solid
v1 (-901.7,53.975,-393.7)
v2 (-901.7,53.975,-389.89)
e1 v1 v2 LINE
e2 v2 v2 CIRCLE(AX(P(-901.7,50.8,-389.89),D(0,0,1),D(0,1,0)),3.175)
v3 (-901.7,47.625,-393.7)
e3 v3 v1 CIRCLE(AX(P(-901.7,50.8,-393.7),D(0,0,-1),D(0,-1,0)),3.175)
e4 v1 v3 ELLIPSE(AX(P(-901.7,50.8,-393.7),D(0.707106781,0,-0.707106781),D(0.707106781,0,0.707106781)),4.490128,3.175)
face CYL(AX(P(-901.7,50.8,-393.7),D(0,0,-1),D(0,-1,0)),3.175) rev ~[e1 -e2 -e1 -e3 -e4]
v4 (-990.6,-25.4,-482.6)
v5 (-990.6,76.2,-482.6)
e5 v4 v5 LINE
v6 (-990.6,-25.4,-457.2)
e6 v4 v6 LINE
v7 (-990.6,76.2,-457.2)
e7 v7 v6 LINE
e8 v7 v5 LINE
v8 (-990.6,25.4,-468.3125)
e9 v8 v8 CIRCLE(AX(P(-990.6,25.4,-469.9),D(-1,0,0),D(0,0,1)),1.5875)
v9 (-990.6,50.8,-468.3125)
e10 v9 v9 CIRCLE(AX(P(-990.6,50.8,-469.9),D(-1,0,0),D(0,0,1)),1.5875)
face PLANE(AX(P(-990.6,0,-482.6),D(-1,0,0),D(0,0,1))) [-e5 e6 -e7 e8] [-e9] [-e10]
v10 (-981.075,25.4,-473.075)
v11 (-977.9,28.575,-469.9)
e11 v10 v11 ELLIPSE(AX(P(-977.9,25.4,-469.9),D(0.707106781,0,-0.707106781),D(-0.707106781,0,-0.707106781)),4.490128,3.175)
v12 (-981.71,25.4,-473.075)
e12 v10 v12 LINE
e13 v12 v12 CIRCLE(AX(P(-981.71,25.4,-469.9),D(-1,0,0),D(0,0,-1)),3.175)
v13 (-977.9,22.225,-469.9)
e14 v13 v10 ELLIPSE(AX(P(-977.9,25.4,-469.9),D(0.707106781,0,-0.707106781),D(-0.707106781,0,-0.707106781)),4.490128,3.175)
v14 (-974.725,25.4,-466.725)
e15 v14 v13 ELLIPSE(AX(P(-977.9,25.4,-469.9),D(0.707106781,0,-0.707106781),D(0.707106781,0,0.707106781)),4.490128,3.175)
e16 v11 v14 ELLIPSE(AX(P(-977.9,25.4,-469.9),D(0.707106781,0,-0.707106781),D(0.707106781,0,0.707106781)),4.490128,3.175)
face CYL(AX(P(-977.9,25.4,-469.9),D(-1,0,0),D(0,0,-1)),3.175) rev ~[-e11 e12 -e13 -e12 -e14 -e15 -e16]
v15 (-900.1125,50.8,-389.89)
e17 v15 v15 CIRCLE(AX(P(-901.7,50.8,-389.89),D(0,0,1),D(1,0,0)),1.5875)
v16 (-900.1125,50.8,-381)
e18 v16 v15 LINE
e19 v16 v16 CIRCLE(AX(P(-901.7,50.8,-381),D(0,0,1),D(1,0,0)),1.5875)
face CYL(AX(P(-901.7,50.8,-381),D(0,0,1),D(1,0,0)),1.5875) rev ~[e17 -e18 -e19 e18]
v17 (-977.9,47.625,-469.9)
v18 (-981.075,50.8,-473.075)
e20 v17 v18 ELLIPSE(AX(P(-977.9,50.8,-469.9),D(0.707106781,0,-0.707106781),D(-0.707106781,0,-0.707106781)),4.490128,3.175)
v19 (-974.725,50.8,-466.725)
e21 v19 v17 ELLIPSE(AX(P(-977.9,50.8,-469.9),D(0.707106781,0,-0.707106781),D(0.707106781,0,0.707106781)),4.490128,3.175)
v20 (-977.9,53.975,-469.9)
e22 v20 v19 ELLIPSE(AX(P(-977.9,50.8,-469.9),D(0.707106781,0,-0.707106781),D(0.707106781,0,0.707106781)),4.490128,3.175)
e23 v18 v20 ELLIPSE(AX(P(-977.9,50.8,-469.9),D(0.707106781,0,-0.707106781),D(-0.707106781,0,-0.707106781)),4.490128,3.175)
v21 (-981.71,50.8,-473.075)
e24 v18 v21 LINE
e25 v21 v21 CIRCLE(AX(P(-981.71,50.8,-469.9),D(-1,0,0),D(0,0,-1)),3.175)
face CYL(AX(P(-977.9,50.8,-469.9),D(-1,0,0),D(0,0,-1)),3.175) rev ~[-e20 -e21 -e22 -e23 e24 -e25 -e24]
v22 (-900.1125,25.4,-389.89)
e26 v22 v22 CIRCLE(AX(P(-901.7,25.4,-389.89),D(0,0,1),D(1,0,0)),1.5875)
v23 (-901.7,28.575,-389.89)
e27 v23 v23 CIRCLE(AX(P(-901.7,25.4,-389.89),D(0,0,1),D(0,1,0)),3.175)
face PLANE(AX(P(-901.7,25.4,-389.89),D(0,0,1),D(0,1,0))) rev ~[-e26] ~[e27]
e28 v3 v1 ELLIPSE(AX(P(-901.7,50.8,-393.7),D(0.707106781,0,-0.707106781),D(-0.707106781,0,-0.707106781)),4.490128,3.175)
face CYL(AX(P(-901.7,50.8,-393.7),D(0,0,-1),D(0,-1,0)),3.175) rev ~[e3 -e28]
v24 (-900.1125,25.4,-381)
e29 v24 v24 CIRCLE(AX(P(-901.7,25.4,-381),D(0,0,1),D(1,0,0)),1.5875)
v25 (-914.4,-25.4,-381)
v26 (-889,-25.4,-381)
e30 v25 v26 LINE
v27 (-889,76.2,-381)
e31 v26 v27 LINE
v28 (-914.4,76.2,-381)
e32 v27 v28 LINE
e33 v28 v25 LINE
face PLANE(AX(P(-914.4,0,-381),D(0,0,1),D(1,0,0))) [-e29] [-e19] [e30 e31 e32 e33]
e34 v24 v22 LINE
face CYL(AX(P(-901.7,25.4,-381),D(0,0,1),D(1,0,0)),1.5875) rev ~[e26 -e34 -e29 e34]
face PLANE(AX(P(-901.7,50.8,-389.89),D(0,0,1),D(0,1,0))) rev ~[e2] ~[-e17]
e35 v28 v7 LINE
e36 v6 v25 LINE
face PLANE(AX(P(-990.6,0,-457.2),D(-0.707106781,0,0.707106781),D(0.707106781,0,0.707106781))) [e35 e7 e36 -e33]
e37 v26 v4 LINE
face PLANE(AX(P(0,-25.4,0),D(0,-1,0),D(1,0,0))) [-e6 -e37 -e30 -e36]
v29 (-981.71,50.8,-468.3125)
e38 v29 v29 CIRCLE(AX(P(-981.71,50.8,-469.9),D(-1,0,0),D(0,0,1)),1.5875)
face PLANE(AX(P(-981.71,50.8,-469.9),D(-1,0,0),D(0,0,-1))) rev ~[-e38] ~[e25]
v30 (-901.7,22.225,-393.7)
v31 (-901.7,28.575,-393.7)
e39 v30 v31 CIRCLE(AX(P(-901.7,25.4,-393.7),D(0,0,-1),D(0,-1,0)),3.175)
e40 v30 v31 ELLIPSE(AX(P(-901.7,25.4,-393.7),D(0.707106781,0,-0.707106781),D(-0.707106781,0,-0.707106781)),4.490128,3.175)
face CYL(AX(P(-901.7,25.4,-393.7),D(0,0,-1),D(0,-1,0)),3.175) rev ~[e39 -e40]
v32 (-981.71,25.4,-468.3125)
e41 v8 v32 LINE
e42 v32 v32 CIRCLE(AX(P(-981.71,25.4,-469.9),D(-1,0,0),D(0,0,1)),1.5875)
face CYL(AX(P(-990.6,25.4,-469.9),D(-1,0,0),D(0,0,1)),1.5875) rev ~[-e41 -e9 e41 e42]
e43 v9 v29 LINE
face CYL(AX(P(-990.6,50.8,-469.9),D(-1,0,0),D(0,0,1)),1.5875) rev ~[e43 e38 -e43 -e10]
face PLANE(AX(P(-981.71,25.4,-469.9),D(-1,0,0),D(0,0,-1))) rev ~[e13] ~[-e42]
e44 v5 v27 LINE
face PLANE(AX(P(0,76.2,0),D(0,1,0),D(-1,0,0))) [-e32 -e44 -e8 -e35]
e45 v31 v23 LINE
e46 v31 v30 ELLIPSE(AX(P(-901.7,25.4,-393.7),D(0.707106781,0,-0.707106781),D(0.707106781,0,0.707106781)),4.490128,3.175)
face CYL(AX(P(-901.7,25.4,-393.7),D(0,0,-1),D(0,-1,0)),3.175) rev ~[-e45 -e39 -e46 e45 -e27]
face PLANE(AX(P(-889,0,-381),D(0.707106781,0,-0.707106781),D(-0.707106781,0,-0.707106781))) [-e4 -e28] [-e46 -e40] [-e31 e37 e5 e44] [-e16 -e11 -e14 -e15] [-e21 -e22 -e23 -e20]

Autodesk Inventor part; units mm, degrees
ref_plane "YZ Plane" through (0, 0, 0) normal (1, 0, 0) x (0, 1, 0)
ref_plane "XZ Plane" through (0, 0, 0) normal (0, 1, 0) x (-1, 0, 0)
ref_plane "XY Plane" through (0, 0, 0) normal (0, 0, 1) x (1, 0, 0)
sketch "Sketch1" plane through (0, 0, 0) normal (0, 1, 0) x (-1, 0, 0)
  line L0 (6.35, 0) -> (1365.25, 0)
  line L1 (1371.6, -6.35) -> (1371.6, -1365.25)
  line L2 (1365.25, -1371.6) -> (6.35, -1371.6)
  line L3 (0, -1365.25) -> (0, -6.35)
  line L4 (1346.2, -1346.2) -> (1346.2, -25.4)
  line L5 (1346.2, -25.4) -> (25.4, -25.4)
  line L6 (25.4, -25.4) -> (25.4, -1346.2)
  line L7 (25.4, -1346.2) -> (1346.2, -1346.2)
  line L8 (1320.8, -50.8) -> (1320.8, -1320.8)
  line L9 (1320.8, -1320.8) -> (50.8, -1320.8)
  line L10 (50.8, -1320.8) -> (50.8, -50.8)
  line L11 (50.8, -50.8) -> (1320.8, -50.8)
  line L12 (1320.8, -50.8) -> (1346.2, -25.4)
  line L13 (1320.8, -1320.8) -> (1346.2, -1346.2)
  line L14 (50.8, -1320.8) -> (25.4, -1346.2)
  line L15 (50.8, -50.8) -> (25.4, -25.4)
  line L16 (1219.2, -482.6) -> (1016, -482.6)
  line L17 (1016, -482.6) -> (1016, -889)
  line L18 (1016, -889) -> (1219.2, -889)
  line L19 (1219.2, -889) -> (1219.2, -482.6)
  line L20 (355.6, -482.6) -> (152.4, -482.6)
  line L21 (152.4, -482.6) -> (152.4, -889)
  line L22 (152.4, -889) -> (355.6, -889)
  line L23 (355.6, -889) -> (355.6, -482.6)
  line L24 (889, -1016) -> (482.6, -1016)
  line L25 (482.6, -1016) -> (482.6, -1219.2)
  line L26 (482.6, -1219.2) -> (889, -1219.2)
  line L27 (889, -1219.2) -> (889, -1016)
  line L28 (889, -152.4) -> (482.6, -152.4)
  line L29 (482.6, -152.4) -> (482.6, -355.6)
  line L30 (482.6, -355.6) -> (889, -355.6)
  line L31 (889, -355.6) -> (889, -152.4)
  circle A0 centre (685.8, -685.8) radius 254
  line L32 (889, -127) -> (482.6, -127)
  line L33 (457.2, -127) -> (457.2, -381)
  line L34 (457.2, -381) -> (914.4, -381)
  line L35 (914.4, -381) -> (914.4, -127)
  line L36 (1244.6, -457.2) -> (990.6, -457.2)
  line L37 (990.6, -457.2) -> (990.6, -914.4)
  line L38 (990.6, -914.4) -> (1244.6, -914.4)
  line L39 (1244.6, -889) -> (1244.6, -482.6)
  line L40 (914.4, -990.6) -> (457.2, -990.6)
  line L41 (457.2, -990.6) -> (457.2, -1244.6)
  line L42 (482.6, -1244.6) -> (889, -1244.6)
  line L43 (914.4, -1244.6) -> (914.4, -990.6)
  line L44 (381, -457.2) -> (127, -457.2)
  line L45 (127, -482.6) -> (127, -889)
  line L46 (127, -914.4) -> (381, -914.4)
  line L47 (381, -914.4) -> (381, -457.2)
  line L48 (152.4, -482.6) -> (50.8, -482.6)
  line L49 (127, -457.2) -> (50.8, -457.2)
  line L50 (152.4, -889) -> (50.8, -889)
  line L51 (127, -914.4) -> (50.8, -914.4)
  line L52 (355.6, -889) -> (381, -889)
  line L53 (355.6, -482.6) -> (381, -482.6)
  line L54 (457.2, -1244.6) -> (457.2, -1320.8)
  line L55 (482.6, -1219.2) -> (482.6, -1320.8)
  line L56 (889, -1219.2) -> (889, -1320.8)
  line L57 (914.4, -1244.6) -> (914.4, -1320.8)
  line L58 (1244.6, -914.4) -> (1320.8, -914.4)
  line L59 (1219.2, -889) -> (1320.8, -889)
  line L60 (1219.2, -482.6) -> (1320.8, -482.6)
  line L61 (1244.6, -457.2) -> (1320.8, -457.2)
  line L62 (889, -152.4) -> (889, -50.8)
  line L63 (914.4, -127) -> (914.4, -50.8)
  line L64 (482.6, -152.4) -> (482.6, -50.8)
  line L65 (457.2, -127) -> (457.2, -50.8)
  line L66 (889, -1016) -> (889, -990.6)
  line L67 (482.6, -1016) -> (482.6, -990.6)
  line L68 (1016, -889) -> (990.6, -889)
  line L69 (1016, -482.6) -> (990.6, -482.6)
  line L70 (889, -355.6) -> (889, -381)
  line L71 (482.6, -355.6) -> (482.6, -381)
  line L72 (914.4, -381) -> (990.6, -457.2)
  line L73 (990.6, -482.6) -> (889, -381)
  line L74 (990.6, -914.4) -> (914.4, -990.6)
  line L75 (889, -990.6) -> (990.6, -889)
  line L76 (381, -914.4) -> (457.2, -990.6)
  line L77 (482.6, -990.6) -> (381, -889)
  line L78 (457.2, -381) -> (381, -457.2)
  line L79 (482.6, -381) -> (381, -482.6)
  line L80 (1257.3, -50.8) -> (1320.8, -114.3)
  line L81 (1320.8, -1257.3) -> (1257.3, -1320.8)
  line L82 (50.8, -1257.3) -> (114.3, -1320.8)
  line L83 (50.8, -114.3) -> (114.3, -50.8)
  line L84 (68.7605, -132.2605) -> (132.2605, -68.7605)
  line L85 (68.7605, -1239.3395) -> (132.2605, -1302.8395)
  line L86 (1302.8395, -1239.3395) -> (1239.3395, -1302.8395)
  line L87 (1239.3395, -68.7605) -> (1302.8395, -132.2605)
  line L88 (1302.8395, -132.2605) -> (1320.8, -150.221)
  line L89 (1239.3395, -68.7605) -> (1221.379, -50.8)
  line L90 (1302.8395, -1239.3395) -> (1320.8, -1221.379)
  line L91 (1239.3395, -1302.8395) -> (1221.379, -1320.8)
  line L92 (132.2605, -1302.8395) -> (150.221, -1320.8)
  line L93 (68.7605, -1239.3395) -> (50.8, -1221.379)
  line L94 (132.2605, -68.7605) -> (150.221, -50.8)
  line L95 (68.7605, -132.2605) -> (50.8, -150.221)
  line L96 (1365.25, 0) -> (1371.6, -6.35)
  line L97 (1371.6, -1365.25) -> (1365.25, -1371.6)
  line L98 (6.35, -1371.6) -> (0, -1365.25)
  line L99 (6.35, 0) -> (0, -6.35)
  point P0 (0, 0)
  point P1 (1371.6, -1371.6)
  point P2 (1371.6, 0)
  point P3 (0, -1371.6)
  dimension "d0" = 1371.6
  dimension "d1" = 1371.6
  dimension "d2" = 25.4
  dimension "d3" = 25.4
  dimension "d4" = 203.2
  dimension "d5" = 406.4
  dimension "d6" = 203.2
  dimension "d7" = 406.4
  dimension "d8" = 406.4
  dimension "d9" = 203.2
  dimension "d10" = 406.4
  dimension "d11" = 203.2
  dimension "d12" = 101.6
  dimension "d13" = 101.6
  dimension "d14" = 101.6
  dimension "d15" = 101.6
  dimension "d16" = 431.8
  dimension "d17" = 431.8
  dimension "d18" = 431.8
  dimension "d19" = 431.8
  dimension "d20" = 508
  dimension "d21" = 25.4
  dimension "d22" = 25.4
  dimension "d23" = 25.4
  dimension "d24" = 25.4
  dimension "d25" = 45
  dimension "d26" = 63.5
  dimension "d27" = 45
  dimension "d28" = 45
  dimension "d29" = 45
  dimension "d30" = 25.4
  dimension "d31" = 25.4
  dimension "d32" = 25.4
  dimension "d33" = 25.4
  dimension "d34" = 6.35
  dimension "d35" = 6.35
  dimension "d36" = 6.35
  dimension "d37" = 6.35
  dimension "d38" = 6.35
  dimension "d39" = 6.35
  dimension "d40" = 6.35
  dimension "d41" = 6.35
extrude "Extrusion1" add sketch "Sketch1" along normal blind 76.2 contours L37 L73 L34 L72
sketch "Sketch2" plane through (-914.4, 0, -381) normal (0, 0, 1) x (1, 0, 0)
  circle A0 centre (12.7, 50.8) radius 1.5875
  circle A1 centre (12.7, 25.4) radius 1.5875
  line L0 (25.4, 0) -> (25.4, 76.2) projected
  line L1 (0, 76.2) -> (25.4, 76.2) projected
  line L2 (0, 0) -> (25.4, 0) projected
  point P0 (914.4, 0)
  point P1 (12.7, 76.2)
  dimension "d44" = 3.175
  dimension "d45" = 3.175
  dimension "d46" = 12.7
  dimension "d47" = 25.4
  dimension "d48" = 25.4
  dimension "d49" = 12.7
extrude "Extrusion2" cut sketch "Sketch2" against normal blind 76.2
sketch "Sketch3" plane through (-990.6, 0, -482.6) normal (-1, 0, 0) x (0, 0, 1)
  circle A0 centre (12.7, 25.4) radius 1.5875
  circle A1 centre (12.7, 50.8) radius 1.5875
  line L0 (0, 0) -> (0, 76.2) projected
  line L1 (0, 76.2) -> (25.4, 76.2) projected
  line L2 (0, 0) -> (25.4, 0) projected
  point P0 (482.6, 0)
  point P1 (12.7, 76.2)
  dimension "d52" = 3.175
  dimension "d53" = 3.175
  dimension "d54" = 12.7
  dimension "d55" = 12.7
  dimension "d56" = 25.4
  dimension "d57" = 25.4
extrude "Extrusion3" cut sketch "Sketch3" against normal blind 76.2
hole "Hole1" at (-977.9, 50.8, -469.9) direction (1, 0, 0) diameter 6.35 depth 3.81
hole "Hole2" at (-977.9, 25.4, -469.9) direction (1, 0, 0) diameter 6.35 depth 3.81
hole "Hole3" at (-901.7, 50.8, -393.7) direction (0, 0, -1) diameter 6.35 depth 3.81
hole "Hole4" at (-901.7, 25.4, -393.7) direction (0, 0, -1) diameter 6.35 depth 3.81
hole "Hole5" at (-977.9, 50.8, -469.9) direction (-1, 0, 0) diameter 6.35 depth 3.81
hole "Hole6" at (-977.9, 25.4, -469.9) direction (-1, 0, 0) diameter 6.35 depth 3.81
hole "Hole7" at (-901.7, 25.4, -393.7) direction (0, 0, 1) diameter 6.35 depth 3.81
hole "Hole8" at (-901.7, 50.8, -393.7) direction (0, 0, 1) diameter 6.35 depth 3.81
sketch "Sketch4" plane through (0, 76.2, 0) normal (0, 1, 0) x (1, 0, 0)
  point P0 (0, 0)
sketch "Sketch5" plane through (0, 0, 0) normal (0, -1, 0) x (1, 0, 0)
  line L0 (-914.4, -381) -> (-889, -381) projected
  line L1 (-990.6, -457.2) -> (-914.4, -381) projected
  line L2 (-990.6, -482.6) -> (-990.6, -457.2) projected
  line L3 (-889, -381) -> (-990.6, -482.6) projected
  point P0 (0, 0)
extrude "Extrusion4" add sketch "Sketch5" along normal blind 25.4
equation "\"d35\" = d34"
equation "\"d36\" = d34"
equation "\"d37\" = d36"
equation "\"d38\" = d34"
equation "\"d39\" = d38"
equation "\"d40\" = d34"
equation "\"d41\" = d40"
properties part number "angle interior piece X4"
